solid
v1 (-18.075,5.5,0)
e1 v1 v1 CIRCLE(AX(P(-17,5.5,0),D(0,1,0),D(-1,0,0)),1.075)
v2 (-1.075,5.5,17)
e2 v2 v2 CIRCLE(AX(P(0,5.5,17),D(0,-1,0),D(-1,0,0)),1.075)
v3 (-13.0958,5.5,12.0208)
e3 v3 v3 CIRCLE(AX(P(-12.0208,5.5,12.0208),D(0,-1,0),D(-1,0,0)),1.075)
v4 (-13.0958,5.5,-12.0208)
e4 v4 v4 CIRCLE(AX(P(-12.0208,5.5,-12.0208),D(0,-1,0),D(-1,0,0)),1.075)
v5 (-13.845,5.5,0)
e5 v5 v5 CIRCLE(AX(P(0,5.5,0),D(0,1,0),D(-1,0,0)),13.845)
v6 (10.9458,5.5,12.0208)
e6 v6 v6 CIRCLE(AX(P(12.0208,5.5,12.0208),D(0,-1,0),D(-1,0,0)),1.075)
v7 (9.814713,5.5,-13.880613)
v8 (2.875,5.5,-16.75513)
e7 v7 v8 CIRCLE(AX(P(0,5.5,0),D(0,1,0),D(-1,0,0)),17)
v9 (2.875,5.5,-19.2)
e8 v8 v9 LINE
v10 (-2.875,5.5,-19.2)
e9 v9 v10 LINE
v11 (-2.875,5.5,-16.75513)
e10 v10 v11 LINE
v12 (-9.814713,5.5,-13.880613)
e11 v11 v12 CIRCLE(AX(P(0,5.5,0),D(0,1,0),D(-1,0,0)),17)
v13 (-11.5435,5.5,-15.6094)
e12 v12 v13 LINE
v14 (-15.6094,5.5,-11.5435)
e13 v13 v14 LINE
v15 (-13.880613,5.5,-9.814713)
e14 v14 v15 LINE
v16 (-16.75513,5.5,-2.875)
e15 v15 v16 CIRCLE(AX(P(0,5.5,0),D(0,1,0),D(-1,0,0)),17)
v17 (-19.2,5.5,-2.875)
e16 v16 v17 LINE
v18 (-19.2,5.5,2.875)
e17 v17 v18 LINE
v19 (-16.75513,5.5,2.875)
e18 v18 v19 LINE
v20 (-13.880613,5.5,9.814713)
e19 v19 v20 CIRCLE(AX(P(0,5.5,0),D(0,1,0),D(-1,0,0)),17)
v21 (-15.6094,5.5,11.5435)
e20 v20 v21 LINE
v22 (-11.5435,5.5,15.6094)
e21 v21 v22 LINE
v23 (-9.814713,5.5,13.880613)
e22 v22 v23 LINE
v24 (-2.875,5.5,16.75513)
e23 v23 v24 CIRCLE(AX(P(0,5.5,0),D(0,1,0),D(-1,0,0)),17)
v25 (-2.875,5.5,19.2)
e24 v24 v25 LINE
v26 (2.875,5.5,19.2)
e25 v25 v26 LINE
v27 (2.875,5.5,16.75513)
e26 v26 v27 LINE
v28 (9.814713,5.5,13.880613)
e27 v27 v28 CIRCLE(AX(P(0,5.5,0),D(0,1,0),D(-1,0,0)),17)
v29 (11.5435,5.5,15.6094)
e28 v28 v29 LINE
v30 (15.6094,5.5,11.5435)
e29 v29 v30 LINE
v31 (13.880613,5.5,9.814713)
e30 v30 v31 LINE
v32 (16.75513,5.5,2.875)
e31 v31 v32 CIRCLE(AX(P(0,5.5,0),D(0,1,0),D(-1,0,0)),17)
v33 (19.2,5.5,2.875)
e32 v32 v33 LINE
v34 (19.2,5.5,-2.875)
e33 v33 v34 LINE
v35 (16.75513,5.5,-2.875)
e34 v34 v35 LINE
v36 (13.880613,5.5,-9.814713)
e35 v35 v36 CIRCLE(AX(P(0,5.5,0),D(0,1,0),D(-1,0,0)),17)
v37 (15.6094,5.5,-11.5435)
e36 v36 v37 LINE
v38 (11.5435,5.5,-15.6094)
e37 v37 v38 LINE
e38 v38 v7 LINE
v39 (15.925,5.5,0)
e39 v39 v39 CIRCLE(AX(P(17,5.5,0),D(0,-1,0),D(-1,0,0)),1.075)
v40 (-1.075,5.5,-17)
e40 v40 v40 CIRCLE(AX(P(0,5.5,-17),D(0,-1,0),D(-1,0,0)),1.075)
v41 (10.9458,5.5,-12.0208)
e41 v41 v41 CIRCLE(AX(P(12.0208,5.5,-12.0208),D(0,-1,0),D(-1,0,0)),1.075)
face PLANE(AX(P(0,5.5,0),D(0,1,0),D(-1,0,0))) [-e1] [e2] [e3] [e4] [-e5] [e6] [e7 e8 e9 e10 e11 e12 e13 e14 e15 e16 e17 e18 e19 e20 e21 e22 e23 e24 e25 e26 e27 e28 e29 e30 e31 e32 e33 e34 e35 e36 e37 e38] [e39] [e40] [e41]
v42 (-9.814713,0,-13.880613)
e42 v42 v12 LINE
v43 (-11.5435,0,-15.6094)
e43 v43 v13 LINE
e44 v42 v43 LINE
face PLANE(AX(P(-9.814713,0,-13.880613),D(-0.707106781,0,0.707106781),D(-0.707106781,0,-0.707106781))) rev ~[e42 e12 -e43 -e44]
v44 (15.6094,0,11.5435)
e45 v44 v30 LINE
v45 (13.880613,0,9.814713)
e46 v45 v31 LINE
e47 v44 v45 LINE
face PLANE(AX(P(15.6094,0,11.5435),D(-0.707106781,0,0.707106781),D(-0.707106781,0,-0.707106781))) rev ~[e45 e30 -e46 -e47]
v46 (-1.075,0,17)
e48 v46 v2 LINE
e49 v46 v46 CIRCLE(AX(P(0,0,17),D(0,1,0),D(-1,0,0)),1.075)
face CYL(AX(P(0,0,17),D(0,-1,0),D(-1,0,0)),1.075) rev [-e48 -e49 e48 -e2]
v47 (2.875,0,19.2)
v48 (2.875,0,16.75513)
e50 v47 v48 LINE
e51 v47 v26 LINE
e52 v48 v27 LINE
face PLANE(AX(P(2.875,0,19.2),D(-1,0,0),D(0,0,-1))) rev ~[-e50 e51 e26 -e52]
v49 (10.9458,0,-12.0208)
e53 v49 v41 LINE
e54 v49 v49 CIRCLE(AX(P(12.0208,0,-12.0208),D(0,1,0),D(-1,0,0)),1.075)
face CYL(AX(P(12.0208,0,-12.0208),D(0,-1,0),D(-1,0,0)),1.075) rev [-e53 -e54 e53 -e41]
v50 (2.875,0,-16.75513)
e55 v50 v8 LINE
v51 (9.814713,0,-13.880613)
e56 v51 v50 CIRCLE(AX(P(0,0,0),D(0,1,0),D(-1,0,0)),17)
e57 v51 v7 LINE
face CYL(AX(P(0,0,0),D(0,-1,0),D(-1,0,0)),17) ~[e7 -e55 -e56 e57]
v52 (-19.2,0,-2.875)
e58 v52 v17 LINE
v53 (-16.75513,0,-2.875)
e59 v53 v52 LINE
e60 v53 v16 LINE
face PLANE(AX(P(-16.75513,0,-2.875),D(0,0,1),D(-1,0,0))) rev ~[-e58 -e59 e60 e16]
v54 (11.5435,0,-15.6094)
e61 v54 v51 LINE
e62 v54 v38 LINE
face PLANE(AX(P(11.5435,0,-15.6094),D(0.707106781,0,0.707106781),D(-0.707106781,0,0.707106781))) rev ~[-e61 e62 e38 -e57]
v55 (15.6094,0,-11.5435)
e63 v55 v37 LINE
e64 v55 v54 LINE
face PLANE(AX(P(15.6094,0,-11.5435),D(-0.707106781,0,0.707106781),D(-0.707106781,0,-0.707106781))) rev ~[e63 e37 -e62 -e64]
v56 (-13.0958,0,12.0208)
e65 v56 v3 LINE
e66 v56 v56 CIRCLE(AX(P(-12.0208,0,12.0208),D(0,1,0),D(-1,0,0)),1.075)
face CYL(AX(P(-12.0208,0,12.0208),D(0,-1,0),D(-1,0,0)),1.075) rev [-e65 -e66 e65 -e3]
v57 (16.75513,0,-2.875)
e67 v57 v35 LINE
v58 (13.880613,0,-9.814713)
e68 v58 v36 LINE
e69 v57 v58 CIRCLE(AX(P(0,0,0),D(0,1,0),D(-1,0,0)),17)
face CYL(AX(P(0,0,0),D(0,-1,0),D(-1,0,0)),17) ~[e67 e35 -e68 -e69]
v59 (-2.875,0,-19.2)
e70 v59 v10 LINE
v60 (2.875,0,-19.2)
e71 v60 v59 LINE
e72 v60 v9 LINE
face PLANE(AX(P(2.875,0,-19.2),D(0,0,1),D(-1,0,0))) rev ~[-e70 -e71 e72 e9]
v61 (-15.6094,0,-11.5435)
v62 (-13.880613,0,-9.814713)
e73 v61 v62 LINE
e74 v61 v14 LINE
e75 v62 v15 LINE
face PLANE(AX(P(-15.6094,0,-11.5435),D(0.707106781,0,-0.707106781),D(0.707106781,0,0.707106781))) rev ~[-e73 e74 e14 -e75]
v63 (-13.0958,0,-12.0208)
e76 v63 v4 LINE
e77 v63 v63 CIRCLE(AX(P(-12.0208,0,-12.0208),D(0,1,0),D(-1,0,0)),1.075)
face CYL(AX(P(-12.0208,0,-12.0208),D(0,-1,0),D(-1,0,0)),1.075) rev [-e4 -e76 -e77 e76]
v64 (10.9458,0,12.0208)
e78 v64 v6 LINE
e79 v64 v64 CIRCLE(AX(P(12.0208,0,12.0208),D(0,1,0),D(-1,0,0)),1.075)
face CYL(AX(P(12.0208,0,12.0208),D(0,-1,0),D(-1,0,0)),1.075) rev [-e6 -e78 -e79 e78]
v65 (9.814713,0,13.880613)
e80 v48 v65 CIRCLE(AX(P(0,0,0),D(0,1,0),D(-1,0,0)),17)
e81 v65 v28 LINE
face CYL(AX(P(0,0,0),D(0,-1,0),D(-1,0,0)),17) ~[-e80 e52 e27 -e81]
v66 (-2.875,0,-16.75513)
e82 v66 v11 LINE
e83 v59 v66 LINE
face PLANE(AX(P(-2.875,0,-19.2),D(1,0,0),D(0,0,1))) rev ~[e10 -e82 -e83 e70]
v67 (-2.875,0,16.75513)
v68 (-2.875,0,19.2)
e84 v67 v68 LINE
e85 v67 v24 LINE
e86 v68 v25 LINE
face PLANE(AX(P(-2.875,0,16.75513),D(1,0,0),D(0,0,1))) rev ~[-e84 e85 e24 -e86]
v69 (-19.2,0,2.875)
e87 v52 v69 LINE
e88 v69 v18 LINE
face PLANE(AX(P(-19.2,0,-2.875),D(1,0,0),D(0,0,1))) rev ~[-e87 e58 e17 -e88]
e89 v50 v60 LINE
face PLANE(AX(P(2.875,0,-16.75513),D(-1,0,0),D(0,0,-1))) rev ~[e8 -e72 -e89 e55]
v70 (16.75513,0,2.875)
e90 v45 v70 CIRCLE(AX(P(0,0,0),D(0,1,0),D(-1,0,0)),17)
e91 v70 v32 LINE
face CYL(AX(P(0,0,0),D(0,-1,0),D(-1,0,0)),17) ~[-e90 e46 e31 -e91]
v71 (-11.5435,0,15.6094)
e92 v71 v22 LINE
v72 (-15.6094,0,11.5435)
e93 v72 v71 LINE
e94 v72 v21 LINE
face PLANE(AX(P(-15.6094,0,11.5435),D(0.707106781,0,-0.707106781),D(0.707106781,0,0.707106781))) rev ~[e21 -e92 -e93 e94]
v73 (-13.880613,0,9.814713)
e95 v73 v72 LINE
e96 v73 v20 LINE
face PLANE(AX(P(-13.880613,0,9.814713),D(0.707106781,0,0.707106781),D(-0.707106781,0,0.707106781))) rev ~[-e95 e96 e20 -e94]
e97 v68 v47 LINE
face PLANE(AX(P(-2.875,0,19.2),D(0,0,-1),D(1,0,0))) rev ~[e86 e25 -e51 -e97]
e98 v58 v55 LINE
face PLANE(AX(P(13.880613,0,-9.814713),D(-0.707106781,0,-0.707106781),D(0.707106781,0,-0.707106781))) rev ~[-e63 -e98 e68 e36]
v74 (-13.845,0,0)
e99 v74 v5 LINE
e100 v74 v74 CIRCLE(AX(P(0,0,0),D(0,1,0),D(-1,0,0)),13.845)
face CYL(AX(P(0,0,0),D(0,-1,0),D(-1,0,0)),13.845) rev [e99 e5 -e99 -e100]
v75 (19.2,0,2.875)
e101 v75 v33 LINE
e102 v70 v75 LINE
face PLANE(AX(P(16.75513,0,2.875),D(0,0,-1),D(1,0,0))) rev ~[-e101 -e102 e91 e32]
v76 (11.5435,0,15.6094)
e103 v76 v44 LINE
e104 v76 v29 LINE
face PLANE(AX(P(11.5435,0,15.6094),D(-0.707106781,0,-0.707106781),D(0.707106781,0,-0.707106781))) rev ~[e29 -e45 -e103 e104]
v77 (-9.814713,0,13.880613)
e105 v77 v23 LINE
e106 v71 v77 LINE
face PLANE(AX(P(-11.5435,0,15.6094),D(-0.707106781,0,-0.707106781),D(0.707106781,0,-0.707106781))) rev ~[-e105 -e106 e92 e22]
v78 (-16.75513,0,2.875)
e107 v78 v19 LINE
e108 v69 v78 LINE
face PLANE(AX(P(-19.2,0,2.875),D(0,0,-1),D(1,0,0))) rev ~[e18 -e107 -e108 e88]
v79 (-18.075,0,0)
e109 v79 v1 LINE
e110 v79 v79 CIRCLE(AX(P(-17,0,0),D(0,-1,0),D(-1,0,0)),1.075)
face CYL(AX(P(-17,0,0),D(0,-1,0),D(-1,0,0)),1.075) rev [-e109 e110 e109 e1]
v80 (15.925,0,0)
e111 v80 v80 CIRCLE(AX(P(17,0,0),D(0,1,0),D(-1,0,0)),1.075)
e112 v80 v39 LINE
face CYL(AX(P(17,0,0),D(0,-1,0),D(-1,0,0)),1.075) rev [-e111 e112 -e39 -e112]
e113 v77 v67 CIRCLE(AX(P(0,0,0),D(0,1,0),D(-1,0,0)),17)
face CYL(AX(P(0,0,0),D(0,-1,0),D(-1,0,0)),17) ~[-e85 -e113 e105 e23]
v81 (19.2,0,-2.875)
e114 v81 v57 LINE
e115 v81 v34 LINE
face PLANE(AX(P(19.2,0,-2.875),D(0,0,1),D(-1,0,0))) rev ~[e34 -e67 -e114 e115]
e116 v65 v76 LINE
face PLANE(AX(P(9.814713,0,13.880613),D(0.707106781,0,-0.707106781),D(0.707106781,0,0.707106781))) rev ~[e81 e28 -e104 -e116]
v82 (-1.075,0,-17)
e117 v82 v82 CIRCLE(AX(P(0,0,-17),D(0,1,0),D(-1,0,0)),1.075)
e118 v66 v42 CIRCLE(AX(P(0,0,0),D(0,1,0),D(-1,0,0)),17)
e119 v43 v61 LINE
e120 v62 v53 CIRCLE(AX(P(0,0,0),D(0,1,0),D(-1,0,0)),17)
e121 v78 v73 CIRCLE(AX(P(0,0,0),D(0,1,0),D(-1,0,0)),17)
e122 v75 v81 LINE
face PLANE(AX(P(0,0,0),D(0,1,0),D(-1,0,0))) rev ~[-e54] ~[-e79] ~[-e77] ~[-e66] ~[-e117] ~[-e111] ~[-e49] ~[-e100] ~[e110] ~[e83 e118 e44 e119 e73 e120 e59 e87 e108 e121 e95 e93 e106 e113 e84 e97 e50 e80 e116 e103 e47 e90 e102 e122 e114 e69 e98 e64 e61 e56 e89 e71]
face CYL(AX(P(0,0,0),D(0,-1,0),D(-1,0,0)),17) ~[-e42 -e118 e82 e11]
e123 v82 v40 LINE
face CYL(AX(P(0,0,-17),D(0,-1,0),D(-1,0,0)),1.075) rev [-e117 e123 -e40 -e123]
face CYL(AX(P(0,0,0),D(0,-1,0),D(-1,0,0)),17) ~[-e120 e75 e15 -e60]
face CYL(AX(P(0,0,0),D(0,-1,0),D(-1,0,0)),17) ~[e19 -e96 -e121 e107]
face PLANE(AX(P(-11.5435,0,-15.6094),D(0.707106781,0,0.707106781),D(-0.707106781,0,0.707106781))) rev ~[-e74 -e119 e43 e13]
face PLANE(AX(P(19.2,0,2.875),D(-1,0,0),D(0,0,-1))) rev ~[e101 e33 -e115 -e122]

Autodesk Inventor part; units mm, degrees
ref_plane "YZ Plane" through (0, 0, 0) normal (1, 0, 0) x (0, 1, 0)
ref_plane "XZ Plane" through (0, 0, 0) normal (0, 1, 0) x (-1, 0, 0)
ref_plane "XY Plane" through (0, 0, 0) normal (0, 0, 1) x (1, 0, 0)
sketch "Sketch1" plane through (0, 0, 0) normal (0, 1, 0) x (-1, 0, 0)
  circle A0 centre (0, 0) radius 17
  circle A1 centre (0, 0) radius 13.845
  circle A2 centre (17, 0) radius 1.075
  line L0 (19.2, 2.875) -> (14.8, 2.875)
  line L1 (14.8, 2.875) -> (14.8, -2.875)
  line L2 (14.8, -2.875) -> (19.2, -2.875)
  line L3 (19.2, -2.875) -> (19.2, 2.875)
  line L4 (19.2, 2.875) -> (14.8, -2.875) construction
  line L5 (14.8, 2.875) -> (19.2, -2.875) construction
  circle A3 centre (12.0208, 12.0208) radius 1.075
  line L6 (11.5435, 15.6094) -> (8.4322, 12.4981)
  line L7 (8.4322, 12.4981) -> (12.4981, 8.4322)
  line L8 (12.4981, 8.4322) -> (15.6094, 11.5435)
  line L9 (15.6094, 11.5435) -> (11.5435, 15.6094)
  line L10 (11.5435, 15.6094) -> (12.4981, 8.4322) construction
  line L11 (8.4322, 12.4981) -> (15.6094, 11.5435) construction
  circle A4 centre (0, 17) radius 1.075
  line L12 (-2.875, 19.2) -> (-2.875, 14.8)
  line L13 (-2.875, 14.8) -> (2.875, 14.8)
  line L14 (2.875, 14.8) -> (2.875, 19.2)
  line L15 (2.875, 19.2) -> (-2.875, 19.2)
  line L16 (-2.875, 19.2) -> (2.875, 14.8) construction
  line L17 (-2.875, 14.8) -> (2.875, 19.2) construction
  circle A5 centre (-12.0208, 12.0208) radius 1.075
  line L18 (-15.6094, 11.5435) -> (-12.4981, 8.4322)
  line L19 (-12.4981, 8.4322) -> (-8.4322, 12.4981)
  line L20 (-8.4322, 12.4981) -> (-11.5435, 15.6094)
  line L21 (-11.5435, 15.6094) -> (-15.6094, 11.5435)
  line L22 (-15.6094, 11.5435) -> (-8.4322, 12.4981) construction
  line L23 (-12.4981, 8.4322) -> (-11.5435, 15.6094) construction
  circle A6 centre (-17, 0) radius 1.075
  line L24 (-19.2, -2.875) -> (-14.8, -2.875)
  line L25 (-14.8, -2.875) -> (-14.8, 2.875)
  line L26 (-14.8, 2.875) -> (-19.2, 2.875)
  line L27 (-19.2, 2.875) -> (-19.2, -2.875)
  line L28 (-19.2, -2.875) -> (-14.8, 2.875) construction
  line L29 (-14.8, -2.875) -> (-19.2, 2.875) construction
  circle A7 centre (-12.0208, -12.0208) radius 1.075
  line L30 (-11.5435, -15.6094) -> (-8.4322, -12.4981)
  line L31 (-8.4322, -12.4981) -> (-12.4981, -8.4322)
  line L32 (-12.4981, -8.4322) -> (-15.6094, -11.5435)
  line L33 (-15.6094, -11.5435) -> (-11.5435, -15.6094)
  line L34 (-11.5435, -15.6094) -> (-12.4981, -8.4322) construction
  line L35 (-8.4322, -12.4981) -> (-15.6094, -11.5435) construction
  circle A8 centre (0, -17) radius 1.075
  line L36 (2.875, -19.2) -> (2.875, -14.8)
  line L37 (2.875, -14.8) -> (-2.875, -14.8)
  line L38 (-2.875, -14.8) -> (-2.875, -19.2)
  line L39 (-2.875, -19.2) -> (2.875, -19.2)
  line L40 (2.875, -19.2) -> (-2.875, -14.8) construction
  line L41 (2.875, -14.8) -> (-2.875, -19.2) construction
  circle A9 centre (12.0208, -12.0208) radius 1.075
  line L42 (15.6094, -11.5435) -> (12.4981, -8.4322)
  line L43 (12.4981, -8.4322) -> (8.4322, -12.4981)
  line L44 (8.4322, -12.4981) -> (11.5435, -15.6094)
  line L45 (11.5435, -15.6094) -> (15.6094, -11.5435)
  line L46 (15.6094, -11.5435) -> (8.4322, -12.4981) construction
  line L47 (12.4981, -8.4322) -> (11.5435, -15.6094) construction
  point P0 (16.7551, 2.875)
  point P1 (13.8806, 9.8147)
  point P2 (9.8147, 13.8806)
  point P3 (2.875, 16.7551)
  point P4 (-2.875, 16.7551)
  point P5 (-9.8147, 13.8806)
  point P6 (-13.8806, 9.8147)
  point P7 (-16.7551, 2.875)
  point P8 (-16.7551, -2.875)
  point P9 (-13.8806, -9.8147)
  point P10 (-9.8147, -13.8806)
  point P11 (-2.875, -16.7551)
  point P12 (2.875, -16.7551)
  point P13 (9.8147, -13.8806)
  point P14 (13.8806, -9.8147)
  point P15 (16.7551, -2.875)
  dimension "d0" = 34
  dimension "d1" = 27.69
  dimension "d2" = 5.75
  dimension "d3" = 2.15
  dimension "d4" = 4.4
  dimension "d7" = 360
extrude "Extrusion1" add sketch "Sketch1" along normal blind 5.5 contours A2 A0 L2 L1 L0 | A0 L0 L3 L2 A2 | L0 L1 L2 A0 L42 L43 L44 L36 L37 L38 L30 L31 L32 L24 L25 L26 L18 L19 L20 L12 L13 L14 L6 L7 L8 | L8 L7 L6 A0 A3 | A0 A3 L6 L9 L8 | L42 L45 L44 A0 A9 | A0 A9 L44 L43 L42 | L14 L13 L12 A0 A4 | A0 A4 L12 L15 L14 | L36 L39 L38 A0 A8 | A0 A8 L38 L37 L36 | L20 L19 L18 A0 A5 | A0 A5 L18 L21 L20 | L30 L33 L32 A0 A7 | A0 A7 L32 L31 L30 | L26 L25 L24 A0 A6 | A0 A6 L24 L27 L26
properties part number "24vFastener"
